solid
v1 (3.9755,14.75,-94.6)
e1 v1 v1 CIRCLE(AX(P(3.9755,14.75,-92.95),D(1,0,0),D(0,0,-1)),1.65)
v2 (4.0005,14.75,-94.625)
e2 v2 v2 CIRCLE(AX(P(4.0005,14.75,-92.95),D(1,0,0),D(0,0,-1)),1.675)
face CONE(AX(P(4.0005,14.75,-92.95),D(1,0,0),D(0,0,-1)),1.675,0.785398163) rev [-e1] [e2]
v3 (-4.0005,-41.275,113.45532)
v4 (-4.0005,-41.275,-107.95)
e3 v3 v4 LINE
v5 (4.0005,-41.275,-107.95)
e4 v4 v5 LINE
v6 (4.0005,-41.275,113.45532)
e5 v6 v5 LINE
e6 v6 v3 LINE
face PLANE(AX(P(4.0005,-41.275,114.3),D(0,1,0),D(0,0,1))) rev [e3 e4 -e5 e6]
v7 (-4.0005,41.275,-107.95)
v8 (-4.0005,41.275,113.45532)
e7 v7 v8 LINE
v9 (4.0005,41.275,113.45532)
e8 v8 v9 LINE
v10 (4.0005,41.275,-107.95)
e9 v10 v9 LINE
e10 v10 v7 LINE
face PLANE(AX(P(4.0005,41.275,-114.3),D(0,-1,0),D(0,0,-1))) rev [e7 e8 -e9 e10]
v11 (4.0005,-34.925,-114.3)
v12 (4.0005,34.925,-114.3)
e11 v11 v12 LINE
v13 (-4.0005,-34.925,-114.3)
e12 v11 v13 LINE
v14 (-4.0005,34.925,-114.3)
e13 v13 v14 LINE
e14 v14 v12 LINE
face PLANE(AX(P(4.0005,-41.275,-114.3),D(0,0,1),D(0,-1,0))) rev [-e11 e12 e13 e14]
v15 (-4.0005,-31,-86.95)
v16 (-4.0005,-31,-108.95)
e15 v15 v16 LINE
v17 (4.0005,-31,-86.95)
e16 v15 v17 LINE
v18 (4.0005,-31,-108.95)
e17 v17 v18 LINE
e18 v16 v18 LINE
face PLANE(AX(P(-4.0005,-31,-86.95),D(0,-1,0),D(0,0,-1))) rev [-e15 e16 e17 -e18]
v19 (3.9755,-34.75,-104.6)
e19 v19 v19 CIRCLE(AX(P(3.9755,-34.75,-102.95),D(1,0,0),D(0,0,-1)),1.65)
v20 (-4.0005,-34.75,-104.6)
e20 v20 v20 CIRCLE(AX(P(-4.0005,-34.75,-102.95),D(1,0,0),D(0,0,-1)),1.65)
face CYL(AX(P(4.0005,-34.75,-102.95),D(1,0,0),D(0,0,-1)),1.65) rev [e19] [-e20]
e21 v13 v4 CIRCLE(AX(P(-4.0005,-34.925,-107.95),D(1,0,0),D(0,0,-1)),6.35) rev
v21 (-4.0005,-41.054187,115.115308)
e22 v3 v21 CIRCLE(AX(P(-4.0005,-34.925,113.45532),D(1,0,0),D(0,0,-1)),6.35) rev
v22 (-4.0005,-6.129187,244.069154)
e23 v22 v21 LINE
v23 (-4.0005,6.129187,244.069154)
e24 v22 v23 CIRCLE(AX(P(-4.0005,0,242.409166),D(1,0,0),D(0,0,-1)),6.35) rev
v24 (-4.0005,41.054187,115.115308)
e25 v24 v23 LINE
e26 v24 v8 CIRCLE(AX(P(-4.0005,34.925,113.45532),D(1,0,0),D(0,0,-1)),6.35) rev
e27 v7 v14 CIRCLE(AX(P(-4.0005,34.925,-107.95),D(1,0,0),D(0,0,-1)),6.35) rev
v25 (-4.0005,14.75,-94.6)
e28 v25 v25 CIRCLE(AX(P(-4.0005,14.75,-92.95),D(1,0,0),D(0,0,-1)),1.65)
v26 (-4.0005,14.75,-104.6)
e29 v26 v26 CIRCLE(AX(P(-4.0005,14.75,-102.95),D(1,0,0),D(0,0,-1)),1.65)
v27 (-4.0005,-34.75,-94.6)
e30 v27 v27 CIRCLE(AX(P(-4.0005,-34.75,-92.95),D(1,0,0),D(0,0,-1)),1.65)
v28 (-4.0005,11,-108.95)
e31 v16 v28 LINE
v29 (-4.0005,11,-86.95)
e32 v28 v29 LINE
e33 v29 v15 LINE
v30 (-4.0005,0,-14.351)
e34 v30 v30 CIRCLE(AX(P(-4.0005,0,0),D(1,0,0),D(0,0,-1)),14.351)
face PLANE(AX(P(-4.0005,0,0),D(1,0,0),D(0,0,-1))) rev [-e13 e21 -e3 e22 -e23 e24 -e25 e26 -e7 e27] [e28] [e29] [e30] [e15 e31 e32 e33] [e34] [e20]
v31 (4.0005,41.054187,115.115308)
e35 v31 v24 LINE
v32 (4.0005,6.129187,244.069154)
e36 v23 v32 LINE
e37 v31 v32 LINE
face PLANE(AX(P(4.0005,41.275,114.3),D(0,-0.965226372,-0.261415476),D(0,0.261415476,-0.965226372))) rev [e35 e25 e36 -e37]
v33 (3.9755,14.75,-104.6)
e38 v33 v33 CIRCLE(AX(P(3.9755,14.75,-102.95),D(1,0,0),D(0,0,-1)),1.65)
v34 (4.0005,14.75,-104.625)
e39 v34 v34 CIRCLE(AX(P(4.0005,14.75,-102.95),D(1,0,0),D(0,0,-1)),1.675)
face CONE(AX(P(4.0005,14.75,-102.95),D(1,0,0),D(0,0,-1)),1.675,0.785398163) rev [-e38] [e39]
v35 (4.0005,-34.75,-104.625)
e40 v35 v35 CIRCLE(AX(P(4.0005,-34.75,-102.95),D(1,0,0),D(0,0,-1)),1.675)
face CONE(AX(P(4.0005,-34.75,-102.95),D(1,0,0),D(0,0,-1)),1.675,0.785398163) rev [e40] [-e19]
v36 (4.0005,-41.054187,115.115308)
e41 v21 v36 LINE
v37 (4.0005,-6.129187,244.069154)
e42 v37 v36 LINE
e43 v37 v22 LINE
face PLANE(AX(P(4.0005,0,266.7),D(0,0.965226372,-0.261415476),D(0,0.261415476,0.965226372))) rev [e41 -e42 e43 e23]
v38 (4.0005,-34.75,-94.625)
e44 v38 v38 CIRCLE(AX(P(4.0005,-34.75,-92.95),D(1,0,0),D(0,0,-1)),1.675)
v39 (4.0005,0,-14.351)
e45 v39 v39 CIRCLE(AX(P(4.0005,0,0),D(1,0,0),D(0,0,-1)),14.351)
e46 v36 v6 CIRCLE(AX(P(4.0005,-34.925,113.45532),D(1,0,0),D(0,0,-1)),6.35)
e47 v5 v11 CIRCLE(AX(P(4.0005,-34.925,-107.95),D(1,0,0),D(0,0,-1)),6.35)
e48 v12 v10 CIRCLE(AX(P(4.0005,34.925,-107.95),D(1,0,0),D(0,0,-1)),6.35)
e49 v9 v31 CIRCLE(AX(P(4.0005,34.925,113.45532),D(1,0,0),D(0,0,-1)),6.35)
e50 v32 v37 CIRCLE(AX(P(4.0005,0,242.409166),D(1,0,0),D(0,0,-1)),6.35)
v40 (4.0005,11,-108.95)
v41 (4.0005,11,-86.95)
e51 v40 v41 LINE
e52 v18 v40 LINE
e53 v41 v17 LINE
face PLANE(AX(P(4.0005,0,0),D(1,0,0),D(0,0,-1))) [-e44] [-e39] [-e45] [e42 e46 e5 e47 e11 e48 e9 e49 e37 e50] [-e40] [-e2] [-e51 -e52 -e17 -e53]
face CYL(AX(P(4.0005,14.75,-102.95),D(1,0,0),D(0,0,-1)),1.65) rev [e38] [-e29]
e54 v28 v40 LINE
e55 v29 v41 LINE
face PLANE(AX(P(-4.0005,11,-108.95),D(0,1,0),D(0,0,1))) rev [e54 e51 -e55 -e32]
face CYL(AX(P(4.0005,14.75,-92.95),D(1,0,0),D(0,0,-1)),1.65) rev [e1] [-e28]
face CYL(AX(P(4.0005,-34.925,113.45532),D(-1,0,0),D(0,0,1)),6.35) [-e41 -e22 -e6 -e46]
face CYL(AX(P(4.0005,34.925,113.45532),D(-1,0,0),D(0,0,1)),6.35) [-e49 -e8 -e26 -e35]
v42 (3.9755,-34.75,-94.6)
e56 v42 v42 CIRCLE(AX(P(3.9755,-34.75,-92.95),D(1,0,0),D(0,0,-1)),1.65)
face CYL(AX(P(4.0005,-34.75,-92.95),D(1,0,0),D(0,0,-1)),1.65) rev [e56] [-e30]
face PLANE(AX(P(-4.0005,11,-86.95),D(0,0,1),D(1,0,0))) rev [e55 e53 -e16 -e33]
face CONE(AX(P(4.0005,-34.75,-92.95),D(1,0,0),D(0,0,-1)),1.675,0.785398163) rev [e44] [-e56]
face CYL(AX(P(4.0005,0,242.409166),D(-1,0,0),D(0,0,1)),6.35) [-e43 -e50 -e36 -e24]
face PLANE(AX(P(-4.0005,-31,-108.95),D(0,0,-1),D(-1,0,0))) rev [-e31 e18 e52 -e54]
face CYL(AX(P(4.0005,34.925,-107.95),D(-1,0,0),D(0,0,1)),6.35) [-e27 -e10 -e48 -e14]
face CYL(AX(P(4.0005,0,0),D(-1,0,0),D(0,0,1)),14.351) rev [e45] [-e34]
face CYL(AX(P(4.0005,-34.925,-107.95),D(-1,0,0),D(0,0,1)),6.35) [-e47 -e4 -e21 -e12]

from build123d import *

# Parameters (mm, degrees)
SKETCH1_R                             = 14.351
BOSS_EXTRUDE2_DEPTH                   = 4.0005
FILLET1_R                             = 6.35
TAP_DRILL_FOR_M4X0_7_TAP1_D           = 3.3
TAP_DRILL_FOR_M4X0_7_TAP1_CSINK_D     = 3.35
TAP_DRILL_FOR_M4X0_7_TAP1_CSINK_ANGLE = 90
SKETCH5_W                             = 42
SKETCH5_H                             = 22
CUT_EXTRUDE1_DEPTH                    = 253.287066958


with BuildPart() as part:
    # Sketch1 → Boss-Extrude2 (new, symmetric)
    with BuildSketch(Plane.YZ):
        Polygon((-41.275, 114.3), (-41.275, -114.3), (41.275, -114.3), (41.275, 114.3), (0, 266.7), align=None)
        with Locations(Location((0, 0, 0), (0, 0, 270))):
            Circle(SKETCH1_R, mode=Mode.SUBTRACT)
    extrude(amount=BOSS_EXTRUDE2_DEPTH, both=True)

    # Fillet1
    fillet1_edges = [part.edges().sort_by_distance(p)[0] for p in [
        (0, 0, 266.7),
        (0, 41.275, 114.3),
        (0, 41.275, -114.3),
        (0, -41.275, -114.3),
        (0, -41.275, 114.3),
    ]]
    fillet(fillet1_edges, radius=FILLET1_R)

    # Tap Drill for M4x0.7 Tap1 (through all)
    with Locations(Plane.YZ.offset(4.0005)):
        with Locations((-34.75, -92.95), (-34.75, -102.95), (14.75, -92.95), (14.75, -102.95)):
            CounterSinkHole(TAP_DRILL_FOR_M4X0_7_TAP1_D / 2, TAP_DRILL_FOR_M4X0_7_TAP1_CSINK_D / 2, counter_sink_angle=TAP_DRILL_FOR_M4X0_7_TAP1_CSINK_ANGLE)

    # Sketch5 → Cut-Extrude1 (cut, through all)
    with BuildSketch(Plane.YZ.offset(4.0005)):
        with Locations((-10, -97.95)):
            Rectangle(SKETCH5_W, SKETCH5_H)
    extrude(amount=-CUT_EXTRUDE1_DEPTH, mode=Mode.SUBTRACT)


solid = part.part
